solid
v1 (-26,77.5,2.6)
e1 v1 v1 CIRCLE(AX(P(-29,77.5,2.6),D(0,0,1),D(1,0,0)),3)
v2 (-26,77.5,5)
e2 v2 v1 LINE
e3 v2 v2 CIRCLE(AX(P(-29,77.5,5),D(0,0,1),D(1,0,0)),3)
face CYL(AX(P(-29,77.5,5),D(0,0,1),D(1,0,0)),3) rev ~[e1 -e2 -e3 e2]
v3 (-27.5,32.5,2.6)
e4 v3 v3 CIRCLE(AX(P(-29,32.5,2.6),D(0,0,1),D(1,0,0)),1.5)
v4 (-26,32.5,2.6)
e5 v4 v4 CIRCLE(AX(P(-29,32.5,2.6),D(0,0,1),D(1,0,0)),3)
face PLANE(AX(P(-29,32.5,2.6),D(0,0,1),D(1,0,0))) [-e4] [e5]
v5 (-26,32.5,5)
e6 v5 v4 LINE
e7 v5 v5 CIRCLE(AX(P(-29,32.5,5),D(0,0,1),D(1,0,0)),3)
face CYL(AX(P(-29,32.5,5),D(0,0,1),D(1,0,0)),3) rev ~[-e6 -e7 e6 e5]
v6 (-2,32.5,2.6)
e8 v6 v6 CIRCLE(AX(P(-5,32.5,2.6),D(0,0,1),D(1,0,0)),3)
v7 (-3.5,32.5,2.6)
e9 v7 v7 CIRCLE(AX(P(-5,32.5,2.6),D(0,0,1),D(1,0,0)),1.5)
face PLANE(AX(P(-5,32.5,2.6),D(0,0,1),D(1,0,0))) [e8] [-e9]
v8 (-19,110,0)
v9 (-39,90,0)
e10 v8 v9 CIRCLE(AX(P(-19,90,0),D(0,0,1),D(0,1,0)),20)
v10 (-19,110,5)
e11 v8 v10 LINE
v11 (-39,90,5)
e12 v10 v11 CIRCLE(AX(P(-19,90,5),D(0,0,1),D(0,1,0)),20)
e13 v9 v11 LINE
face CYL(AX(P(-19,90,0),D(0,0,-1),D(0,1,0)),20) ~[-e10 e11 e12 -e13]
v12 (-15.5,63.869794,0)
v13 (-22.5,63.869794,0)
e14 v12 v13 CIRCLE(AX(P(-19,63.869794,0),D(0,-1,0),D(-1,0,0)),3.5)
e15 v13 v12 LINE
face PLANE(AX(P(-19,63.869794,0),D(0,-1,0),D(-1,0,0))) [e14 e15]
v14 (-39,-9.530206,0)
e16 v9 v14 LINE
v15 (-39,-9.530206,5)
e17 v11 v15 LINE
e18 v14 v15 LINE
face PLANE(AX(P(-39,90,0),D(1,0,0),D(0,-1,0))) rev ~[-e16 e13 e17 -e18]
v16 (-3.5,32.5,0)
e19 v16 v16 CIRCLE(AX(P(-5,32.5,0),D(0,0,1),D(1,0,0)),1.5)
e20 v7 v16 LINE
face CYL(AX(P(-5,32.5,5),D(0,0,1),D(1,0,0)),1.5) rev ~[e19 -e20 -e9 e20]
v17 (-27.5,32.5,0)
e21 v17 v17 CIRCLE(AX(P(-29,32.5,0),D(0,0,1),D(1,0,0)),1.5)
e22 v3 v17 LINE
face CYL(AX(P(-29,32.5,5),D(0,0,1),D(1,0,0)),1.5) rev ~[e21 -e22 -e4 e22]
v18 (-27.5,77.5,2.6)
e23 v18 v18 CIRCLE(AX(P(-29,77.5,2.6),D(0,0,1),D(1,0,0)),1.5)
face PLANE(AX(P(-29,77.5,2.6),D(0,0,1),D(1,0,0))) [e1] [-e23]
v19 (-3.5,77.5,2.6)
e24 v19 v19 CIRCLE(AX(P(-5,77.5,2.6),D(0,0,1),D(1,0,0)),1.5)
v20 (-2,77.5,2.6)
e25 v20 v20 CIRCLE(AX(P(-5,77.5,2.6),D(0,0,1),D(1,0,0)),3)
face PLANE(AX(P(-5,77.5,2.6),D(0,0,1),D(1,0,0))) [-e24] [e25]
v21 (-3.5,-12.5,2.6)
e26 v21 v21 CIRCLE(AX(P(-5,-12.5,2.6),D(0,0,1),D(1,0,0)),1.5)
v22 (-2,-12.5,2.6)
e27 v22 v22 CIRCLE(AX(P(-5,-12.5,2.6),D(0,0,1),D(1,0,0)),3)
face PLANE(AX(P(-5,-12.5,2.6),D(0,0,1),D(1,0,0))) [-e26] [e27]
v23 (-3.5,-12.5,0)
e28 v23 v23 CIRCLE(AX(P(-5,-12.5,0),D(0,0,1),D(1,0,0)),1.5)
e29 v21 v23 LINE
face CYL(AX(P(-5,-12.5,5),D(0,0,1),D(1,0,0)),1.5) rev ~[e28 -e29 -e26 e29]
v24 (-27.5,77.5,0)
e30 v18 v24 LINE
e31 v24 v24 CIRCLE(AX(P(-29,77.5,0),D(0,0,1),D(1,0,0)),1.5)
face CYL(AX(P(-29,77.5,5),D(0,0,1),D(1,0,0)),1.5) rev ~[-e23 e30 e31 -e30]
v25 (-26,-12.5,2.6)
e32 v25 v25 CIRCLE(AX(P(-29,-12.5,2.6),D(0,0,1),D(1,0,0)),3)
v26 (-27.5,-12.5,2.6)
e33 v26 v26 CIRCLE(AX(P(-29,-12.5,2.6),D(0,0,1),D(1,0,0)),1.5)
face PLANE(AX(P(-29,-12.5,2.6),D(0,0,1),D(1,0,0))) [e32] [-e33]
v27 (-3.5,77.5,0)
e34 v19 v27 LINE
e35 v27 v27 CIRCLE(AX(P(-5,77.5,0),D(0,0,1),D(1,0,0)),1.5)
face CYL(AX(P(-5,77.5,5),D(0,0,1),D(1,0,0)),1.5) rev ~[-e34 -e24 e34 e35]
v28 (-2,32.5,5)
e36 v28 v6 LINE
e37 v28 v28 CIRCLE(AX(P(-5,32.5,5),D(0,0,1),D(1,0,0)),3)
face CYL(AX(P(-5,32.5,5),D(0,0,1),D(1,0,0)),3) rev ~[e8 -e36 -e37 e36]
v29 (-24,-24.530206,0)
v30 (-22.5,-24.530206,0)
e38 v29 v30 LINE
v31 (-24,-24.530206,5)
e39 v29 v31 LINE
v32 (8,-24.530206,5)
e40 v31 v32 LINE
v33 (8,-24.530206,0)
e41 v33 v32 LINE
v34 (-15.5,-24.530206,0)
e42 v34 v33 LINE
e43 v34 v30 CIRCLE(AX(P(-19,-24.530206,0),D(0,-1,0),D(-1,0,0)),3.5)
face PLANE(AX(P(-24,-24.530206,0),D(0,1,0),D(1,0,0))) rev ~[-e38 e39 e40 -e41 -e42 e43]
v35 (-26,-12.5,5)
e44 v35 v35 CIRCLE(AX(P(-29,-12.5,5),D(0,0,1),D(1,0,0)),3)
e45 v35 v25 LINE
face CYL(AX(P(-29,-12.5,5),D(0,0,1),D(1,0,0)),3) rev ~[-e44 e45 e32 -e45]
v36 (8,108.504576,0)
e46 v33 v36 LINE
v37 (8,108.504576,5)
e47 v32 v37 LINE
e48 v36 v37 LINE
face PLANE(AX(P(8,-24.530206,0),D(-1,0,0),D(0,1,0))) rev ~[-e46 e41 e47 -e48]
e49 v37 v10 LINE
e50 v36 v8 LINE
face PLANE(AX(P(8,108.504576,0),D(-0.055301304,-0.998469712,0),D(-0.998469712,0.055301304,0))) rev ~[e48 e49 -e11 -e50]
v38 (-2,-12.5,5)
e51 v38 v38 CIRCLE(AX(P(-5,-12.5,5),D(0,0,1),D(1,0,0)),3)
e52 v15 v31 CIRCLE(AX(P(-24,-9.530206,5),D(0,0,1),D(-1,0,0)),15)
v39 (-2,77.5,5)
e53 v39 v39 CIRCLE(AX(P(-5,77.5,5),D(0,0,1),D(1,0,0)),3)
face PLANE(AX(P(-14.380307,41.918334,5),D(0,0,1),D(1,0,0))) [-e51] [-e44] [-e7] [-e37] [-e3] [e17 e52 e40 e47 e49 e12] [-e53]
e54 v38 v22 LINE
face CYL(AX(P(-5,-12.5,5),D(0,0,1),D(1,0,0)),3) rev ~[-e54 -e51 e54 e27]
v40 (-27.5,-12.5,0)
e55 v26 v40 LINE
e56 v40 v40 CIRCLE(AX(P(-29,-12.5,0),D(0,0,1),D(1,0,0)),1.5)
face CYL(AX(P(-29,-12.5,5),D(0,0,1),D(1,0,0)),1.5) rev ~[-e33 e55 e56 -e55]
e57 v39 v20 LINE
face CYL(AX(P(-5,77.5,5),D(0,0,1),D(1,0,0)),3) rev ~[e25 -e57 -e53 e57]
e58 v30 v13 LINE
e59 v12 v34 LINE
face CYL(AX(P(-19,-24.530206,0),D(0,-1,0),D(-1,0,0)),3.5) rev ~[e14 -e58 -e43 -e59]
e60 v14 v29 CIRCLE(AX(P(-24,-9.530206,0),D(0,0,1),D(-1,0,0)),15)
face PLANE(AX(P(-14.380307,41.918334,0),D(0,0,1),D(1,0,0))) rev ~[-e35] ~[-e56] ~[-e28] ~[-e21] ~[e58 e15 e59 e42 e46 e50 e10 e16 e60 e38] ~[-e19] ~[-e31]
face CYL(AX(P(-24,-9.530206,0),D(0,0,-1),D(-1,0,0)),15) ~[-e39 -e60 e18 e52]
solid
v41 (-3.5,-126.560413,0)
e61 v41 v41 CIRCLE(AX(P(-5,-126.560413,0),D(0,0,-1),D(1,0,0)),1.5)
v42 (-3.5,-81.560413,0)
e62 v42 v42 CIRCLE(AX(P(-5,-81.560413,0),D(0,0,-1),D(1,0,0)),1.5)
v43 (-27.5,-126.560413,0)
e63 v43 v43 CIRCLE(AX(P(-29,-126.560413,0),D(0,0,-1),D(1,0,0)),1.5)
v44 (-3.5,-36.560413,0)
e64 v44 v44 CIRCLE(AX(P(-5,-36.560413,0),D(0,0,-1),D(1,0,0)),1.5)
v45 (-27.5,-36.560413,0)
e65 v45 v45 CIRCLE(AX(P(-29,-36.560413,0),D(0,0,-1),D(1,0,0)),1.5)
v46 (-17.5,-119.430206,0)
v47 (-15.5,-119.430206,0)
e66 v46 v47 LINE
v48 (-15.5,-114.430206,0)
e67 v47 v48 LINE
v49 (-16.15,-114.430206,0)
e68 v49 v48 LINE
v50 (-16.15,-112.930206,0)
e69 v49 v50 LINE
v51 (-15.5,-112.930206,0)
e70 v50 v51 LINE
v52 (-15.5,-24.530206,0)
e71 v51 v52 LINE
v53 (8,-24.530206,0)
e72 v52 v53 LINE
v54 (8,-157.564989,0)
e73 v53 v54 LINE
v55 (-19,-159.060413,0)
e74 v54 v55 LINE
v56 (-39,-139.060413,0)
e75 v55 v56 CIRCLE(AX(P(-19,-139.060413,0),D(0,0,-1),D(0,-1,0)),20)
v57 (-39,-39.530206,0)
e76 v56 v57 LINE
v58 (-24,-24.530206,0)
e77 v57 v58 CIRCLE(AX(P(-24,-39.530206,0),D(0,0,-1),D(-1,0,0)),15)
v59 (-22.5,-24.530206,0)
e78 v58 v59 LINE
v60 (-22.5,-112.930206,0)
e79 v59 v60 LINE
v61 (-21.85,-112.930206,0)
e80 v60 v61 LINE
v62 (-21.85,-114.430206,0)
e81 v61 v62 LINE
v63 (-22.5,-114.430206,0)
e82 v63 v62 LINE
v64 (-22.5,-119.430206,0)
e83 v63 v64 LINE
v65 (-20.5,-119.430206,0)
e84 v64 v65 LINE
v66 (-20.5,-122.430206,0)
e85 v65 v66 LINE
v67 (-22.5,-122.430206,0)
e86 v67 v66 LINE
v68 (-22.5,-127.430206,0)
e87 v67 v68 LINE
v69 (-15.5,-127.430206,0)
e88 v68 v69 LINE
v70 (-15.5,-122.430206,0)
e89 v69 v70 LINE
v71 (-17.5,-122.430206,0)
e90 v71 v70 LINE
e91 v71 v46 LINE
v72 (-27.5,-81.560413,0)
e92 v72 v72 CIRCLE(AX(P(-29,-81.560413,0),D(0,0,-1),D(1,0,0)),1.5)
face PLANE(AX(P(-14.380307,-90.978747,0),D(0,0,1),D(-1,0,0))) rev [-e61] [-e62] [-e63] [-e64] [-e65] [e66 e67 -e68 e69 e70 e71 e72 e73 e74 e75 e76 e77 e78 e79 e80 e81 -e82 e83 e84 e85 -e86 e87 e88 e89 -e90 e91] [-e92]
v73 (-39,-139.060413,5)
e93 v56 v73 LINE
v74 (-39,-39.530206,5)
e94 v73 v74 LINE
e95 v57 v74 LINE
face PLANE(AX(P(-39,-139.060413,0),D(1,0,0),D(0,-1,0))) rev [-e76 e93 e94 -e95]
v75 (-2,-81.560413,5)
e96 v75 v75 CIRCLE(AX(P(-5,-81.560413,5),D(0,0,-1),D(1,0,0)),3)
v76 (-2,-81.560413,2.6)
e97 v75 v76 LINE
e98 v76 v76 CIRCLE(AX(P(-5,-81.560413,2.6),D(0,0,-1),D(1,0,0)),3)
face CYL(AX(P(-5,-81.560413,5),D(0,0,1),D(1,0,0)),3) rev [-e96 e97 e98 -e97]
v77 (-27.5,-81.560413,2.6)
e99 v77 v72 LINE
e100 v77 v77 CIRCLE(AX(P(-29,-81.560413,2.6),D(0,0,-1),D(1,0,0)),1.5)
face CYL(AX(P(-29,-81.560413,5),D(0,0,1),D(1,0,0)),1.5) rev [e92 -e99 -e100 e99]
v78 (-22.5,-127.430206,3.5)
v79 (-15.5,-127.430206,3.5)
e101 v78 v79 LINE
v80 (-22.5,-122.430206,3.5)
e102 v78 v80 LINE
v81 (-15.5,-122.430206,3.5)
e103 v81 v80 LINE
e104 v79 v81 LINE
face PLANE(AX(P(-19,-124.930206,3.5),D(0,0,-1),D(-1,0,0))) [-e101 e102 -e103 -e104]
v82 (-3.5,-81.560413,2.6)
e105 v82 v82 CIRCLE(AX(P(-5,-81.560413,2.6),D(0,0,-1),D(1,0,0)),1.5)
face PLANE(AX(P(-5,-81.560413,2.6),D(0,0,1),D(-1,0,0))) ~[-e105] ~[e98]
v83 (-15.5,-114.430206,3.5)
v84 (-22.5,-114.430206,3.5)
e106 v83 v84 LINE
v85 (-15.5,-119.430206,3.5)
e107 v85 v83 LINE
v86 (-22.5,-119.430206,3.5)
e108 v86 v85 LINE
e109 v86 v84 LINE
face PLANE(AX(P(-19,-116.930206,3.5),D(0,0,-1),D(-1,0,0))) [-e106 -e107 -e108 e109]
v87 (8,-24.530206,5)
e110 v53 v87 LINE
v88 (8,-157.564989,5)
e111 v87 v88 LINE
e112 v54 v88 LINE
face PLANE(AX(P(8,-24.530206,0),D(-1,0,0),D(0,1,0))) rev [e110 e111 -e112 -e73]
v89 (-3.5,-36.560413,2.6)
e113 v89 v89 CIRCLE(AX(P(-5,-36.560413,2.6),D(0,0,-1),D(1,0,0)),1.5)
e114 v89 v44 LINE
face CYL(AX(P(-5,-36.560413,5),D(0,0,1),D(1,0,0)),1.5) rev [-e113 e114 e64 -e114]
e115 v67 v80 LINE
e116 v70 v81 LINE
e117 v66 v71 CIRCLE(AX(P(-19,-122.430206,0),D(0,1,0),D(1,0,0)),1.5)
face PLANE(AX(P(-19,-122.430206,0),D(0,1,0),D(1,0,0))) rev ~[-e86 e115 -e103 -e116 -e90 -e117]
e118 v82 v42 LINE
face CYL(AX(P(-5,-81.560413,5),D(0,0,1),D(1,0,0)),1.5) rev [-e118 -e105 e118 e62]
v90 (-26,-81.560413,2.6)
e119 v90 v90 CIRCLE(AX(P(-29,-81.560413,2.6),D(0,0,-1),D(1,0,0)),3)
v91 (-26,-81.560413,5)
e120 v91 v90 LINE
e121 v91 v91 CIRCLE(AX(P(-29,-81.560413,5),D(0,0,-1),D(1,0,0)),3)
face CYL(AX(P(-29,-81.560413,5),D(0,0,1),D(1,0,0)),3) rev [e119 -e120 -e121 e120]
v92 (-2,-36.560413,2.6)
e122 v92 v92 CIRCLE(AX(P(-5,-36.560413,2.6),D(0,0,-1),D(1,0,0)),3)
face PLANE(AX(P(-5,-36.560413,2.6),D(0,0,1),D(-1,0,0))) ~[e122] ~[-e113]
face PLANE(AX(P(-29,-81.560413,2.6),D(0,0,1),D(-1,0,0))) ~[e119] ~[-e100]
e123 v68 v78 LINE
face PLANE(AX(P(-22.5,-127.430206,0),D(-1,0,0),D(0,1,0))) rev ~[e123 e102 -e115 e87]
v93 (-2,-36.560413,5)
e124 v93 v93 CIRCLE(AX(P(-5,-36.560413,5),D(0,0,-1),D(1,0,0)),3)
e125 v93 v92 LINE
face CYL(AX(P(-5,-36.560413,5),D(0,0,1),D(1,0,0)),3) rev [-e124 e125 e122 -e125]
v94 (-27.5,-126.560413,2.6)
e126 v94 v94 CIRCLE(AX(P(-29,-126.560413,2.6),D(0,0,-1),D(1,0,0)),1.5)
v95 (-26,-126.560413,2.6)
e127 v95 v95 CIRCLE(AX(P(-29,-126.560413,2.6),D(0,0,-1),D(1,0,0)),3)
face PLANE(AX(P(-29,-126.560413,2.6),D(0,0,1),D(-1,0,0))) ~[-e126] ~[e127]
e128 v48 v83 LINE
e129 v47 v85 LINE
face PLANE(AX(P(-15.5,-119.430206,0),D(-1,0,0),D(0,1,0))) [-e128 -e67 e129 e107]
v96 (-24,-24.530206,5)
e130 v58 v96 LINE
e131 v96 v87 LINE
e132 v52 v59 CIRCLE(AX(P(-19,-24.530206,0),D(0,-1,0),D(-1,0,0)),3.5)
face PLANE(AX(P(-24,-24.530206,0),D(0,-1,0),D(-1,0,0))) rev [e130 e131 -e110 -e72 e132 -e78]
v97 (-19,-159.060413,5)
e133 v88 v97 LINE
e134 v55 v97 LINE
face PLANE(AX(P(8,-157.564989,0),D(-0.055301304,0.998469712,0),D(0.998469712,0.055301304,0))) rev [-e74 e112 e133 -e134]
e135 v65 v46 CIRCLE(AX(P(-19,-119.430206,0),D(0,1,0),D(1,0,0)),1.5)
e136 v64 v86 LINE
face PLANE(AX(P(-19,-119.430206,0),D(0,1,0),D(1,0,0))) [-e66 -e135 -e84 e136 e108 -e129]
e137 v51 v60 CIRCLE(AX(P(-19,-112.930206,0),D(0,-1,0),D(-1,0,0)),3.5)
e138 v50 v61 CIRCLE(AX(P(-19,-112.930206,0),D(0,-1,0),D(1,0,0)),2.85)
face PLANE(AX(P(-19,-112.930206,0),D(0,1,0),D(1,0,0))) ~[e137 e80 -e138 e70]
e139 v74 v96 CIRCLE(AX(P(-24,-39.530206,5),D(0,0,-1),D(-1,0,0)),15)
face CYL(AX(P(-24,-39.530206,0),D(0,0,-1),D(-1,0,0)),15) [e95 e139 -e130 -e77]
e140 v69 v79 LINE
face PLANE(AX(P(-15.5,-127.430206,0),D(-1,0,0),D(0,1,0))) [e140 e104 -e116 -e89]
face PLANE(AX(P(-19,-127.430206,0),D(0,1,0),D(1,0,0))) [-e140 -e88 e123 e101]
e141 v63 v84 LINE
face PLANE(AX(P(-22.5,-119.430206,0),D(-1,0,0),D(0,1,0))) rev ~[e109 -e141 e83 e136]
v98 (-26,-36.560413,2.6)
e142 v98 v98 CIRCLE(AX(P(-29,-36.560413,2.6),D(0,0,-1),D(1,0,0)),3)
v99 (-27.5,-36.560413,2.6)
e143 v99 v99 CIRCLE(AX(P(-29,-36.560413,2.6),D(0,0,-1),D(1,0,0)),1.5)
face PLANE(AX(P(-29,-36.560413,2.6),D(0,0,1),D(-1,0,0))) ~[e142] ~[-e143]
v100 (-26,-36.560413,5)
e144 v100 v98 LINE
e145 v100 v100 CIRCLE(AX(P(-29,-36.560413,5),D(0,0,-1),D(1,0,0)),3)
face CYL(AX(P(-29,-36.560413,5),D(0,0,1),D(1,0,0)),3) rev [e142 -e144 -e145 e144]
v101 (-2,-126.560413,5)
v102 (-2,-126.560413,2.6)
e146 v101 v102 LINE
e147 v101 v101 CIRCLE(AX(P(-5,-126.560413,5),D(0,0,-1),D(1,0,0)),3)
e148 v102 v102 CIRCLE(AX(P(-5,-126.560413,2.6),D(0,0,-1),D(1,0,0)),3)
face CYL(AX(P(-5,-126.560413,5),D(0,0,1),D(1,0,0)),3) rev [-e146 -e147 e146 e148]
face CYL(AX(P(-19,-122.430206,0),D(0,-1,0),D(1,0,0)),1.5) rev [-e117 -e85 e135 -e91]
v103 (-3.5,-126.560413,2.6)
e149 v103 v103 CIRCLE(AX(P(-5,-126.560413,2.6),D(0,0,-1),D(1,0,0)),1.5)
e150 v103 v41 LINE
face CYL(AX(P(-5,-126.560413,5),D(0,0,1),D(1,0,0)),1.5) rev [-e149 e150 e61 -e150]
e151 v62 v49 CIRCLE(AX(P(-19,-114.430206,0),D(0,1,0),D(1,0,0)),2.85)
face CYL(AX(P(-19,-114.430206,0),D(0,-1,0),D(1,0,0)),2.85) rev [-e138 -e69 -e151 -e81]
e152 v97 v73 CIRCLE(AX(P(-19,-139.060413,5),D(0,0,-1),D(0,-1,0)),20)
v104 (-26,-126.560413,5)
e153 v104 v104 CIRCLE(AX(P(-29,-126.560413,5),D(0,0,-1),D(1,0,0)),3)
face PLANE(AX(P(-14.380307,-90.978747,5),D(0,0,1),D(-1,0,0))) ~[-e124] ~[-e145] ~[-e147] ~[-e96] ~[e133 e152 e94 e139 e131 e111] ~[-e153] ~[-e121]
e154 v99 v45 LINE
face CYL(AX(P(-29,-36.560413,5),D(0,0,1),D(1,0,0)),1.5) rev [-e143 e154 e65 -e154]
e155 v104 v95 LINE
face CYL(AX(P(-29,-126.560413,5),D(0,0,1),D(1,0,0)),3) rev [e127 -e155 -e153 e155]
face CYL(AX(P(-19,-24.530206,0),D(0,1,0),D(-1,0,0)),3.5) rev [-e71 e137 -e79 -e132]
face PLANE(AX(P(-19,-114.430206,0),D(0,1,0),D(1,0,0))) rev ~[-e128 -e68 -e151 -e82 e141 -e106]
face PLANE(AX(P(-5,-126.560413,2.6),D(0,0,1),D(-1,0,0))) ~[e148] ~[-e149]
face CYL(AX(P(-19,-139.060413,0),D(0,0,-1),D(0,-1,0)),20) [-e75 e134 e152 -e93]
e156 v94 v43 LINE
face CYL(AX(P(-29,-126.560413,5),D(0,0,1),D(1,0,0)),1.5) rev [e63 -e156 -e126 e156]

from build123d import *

# Parameters (mm, degrees)
DODANIE_WYCI_GNI_CIE1_DEPTH = 5
SZKIC1_R                    = 3.5
WYTNIJ_WYCI_GNI_CIE1_DEPTH  = 88.4
SZKIC3_R                    = 1.5
WYTNIJ_WYCI_GNI_CIE3_DEPTH  = 5
SZKIC5_R                    = 3
WYTNIJ_WYCI_GNI_CIE4_DEPTH  = 2.4
WYTNIJ_WYCI_GNI_CIE5_START  = -5
SZKIC6_R                    = 3.5
WYTNIJ_WYCI_GNI_CIE5_DEPTH  = 5
WYTNIJ_WYCI_GNI_CIE6_START  = -5
SZKIC8_R                    = 3.5
WYTNIJ_WYCI_GNI_CIE6_DEPTH  = 5
SZKIC9_R                    = 1.5
WYTNIJ_WYCI_GNI_CIE7_DEPTH  = 3
SZKIC10_R                   = 2.85
WYTNIJ_WYCI_GNI_CIE8_DEPTH  = 2
SZKIC11_W                   = 7
SZKIC11_H                   = 5
WYTNIJ_WYCI_GNI_CIE9_DEPTH  = 3.5


with BuildPart() as part:
    # outer-wire → Dodanie-wyciągnięcie1 (new body)
    with BuildSketch(Plane.XY):
        with BuildLine():
            Line((-24, -24.53020641), (8, -24.53020641))
            Line((8, -24.53020641), (8, 108.504576357))
            Line((8, 108.504576357), (-19, 110))
            ThreePointArc((-19, 110), (-33.142135624, 104.142135624), (-39, 90))
            Line((-39, 90), (-39, -9.53020641))
            ThreePointArc((-39, -9.53020641), (-34.606601718, -20.136808128), (-24, -24.53020641))
        make_face()
    extrude(amount=DODANIE_WYCI_GNI_CIE1_DEPTH)

    # Szkic1 → Wytnij-wyciągnięcie1 (cut)
    with BuildSketch(Plane(origin=(0, -24.53020641, 0), x_dir=(-1, 0, 0), z_dir=(0, -1, 0))):
        with Locations((19, 0)):
            Circle(SZKIC1_R)
    extrude(amount=-WYTNIJ_WYCI_GNI_CIE1_DEPTH, mode=Mode.SUBTRACT)

    # Szkic3 → Wytnij-wyciągnięcie3 (cut)
    with BuildSketch(Plane.XY.offset(5)):
        with Locations((-5, 77.5)):
            Circle(SZKIC3_R)
        with Locations((-29, 77.5)):
            Circle(SZKIC3_R)
        with Locations((-29, -12.5)):
            Circle(SZKIC3_R)
        with Locations((-29, 32.5)):
            Circle(SZKIC3_R)
        with Locations((-5, 32.5)):
            Circle(SZKIC3_R)
        with Locations((-5, -12.5)):
            Circle(SZKIC3_R)
    extrude(amount=-WYTNIJ_WYCI_GNI_CIE3_DEPTH, mode=Mode.SUBTRACT)

    # Szkic5 → Wytnij-wyciągnięcie4 (cut)
    with BuildSketch(Plane.XY.offset(5)):
        with Locations((-29, -12.5)):
            Circle(SZKIC5_R)
        with Locations((-29, 32.5)):
            Circle(SZKIC5_R)
        with Locations((-29, 77.5)):
            Circle(SZKIC5_R)
        with Locations((-5, 77.5)):
            Circle(SZKIC5_R)
        with Locations((-5, 32.5)):
            Circle(SZKIC5_R)
        with Locations((-5, -12.5)):
            Circle(SZKIC5_R)
    extrude(amount=-WYTNIJ_WYCI_GNI_CIE4_DEPTH, mode=Mode.SUBTRACT)


with BuildPart() as body_2:
    # Lustro5: mirrored copy
    add(part.part.mirror(Plane(origin=(-24, -24.53020641, 5), x_dir=(0, 0, 1), z_dir=(0, 1, 0))))

    # Szkic6 → Wytnij-wyciągnięcie5 (cut)
    with BuildSketch(Plane(origin=(0, -114.43020641, 0), x_dir=(1, 0, 0), z_dir=(0, 1, 0)).offset(WYTNIJ_WYCI_GNI_CIE5_START)):
        with Locations((-19, 0)):
            Circle(SZKIC6_R)
    extrude(amount=WYTNIJ_WYCI_GNI_CIE5_DEPTH, mode=Mode.SUBTRACT)

    # Szkic8 → Wytnij-wyciągnięcie6 (cut)
    with BuildSketch(Plane(origin=(0, -122.43020641, 0), x_dir=(1, 0, 0), z_dir=(0, 1, 0)).offset(WYTNIJ_WYCI_GNI_CIE6_START)):
        with Locations((-19, 0)):
            Circle(SZKIC8_R)
    extrude(amount=WYTNIJ_WYCI_GNI_CIE6_DEPTH, mode=Mode.SUBTRACT)

    # Szkic9 → Wytnij-wyciągnięcie7 (cut)
    with BuildSketch(Plane(origin=(0, -122.43020641, 0), x_dir=(1, 0, 0), z_dir=(0, 1, 0))):
        with Locations((-19, 0)):
            Circle(SZKIC9_R)
    extrude(amount=WYTNIJ_WYCI_GNI_CIE7_DEPTH, mode=Mode.SUBTRACT)

    # Szkic10 → Wytnij-wyciągnięcie8 (cut)
    with BuildSketch(Plane(origin=(0, -114.43020641, 0), x_dir=(1, 0, 0), z_dir=(0, 1, 0))):
        with Locations((-19, 0)):
            Circle(SZKIC10_R)
    extrude(amount=WYTNIJ_WYCI_GNI_CIE8_DEPTH, mode=Mode.SUBTRACT)

    # Szkic11 → Wytnij-wyciągnięcie9 (cut)
    with BuildSketch(Plane(origin=(0, 0, 0), x_dir=(-1, 0, 0), z_dir=(0, 0, -1))):
        with Locations((19, -116.93020641)):
            Rectangle(SZKIC11_W, SZKIC11_H)
        with Locations((19, -124.93020641)):
            Rectangle(SZKIC11_W, SZKIC11_H)
    extrude(amount=-WYTNIJ_WYCI_GNI_CIE9_DEPTH, mode=Mode.SUBTRACT)


solid = Compound([part.part, body_2.part])
